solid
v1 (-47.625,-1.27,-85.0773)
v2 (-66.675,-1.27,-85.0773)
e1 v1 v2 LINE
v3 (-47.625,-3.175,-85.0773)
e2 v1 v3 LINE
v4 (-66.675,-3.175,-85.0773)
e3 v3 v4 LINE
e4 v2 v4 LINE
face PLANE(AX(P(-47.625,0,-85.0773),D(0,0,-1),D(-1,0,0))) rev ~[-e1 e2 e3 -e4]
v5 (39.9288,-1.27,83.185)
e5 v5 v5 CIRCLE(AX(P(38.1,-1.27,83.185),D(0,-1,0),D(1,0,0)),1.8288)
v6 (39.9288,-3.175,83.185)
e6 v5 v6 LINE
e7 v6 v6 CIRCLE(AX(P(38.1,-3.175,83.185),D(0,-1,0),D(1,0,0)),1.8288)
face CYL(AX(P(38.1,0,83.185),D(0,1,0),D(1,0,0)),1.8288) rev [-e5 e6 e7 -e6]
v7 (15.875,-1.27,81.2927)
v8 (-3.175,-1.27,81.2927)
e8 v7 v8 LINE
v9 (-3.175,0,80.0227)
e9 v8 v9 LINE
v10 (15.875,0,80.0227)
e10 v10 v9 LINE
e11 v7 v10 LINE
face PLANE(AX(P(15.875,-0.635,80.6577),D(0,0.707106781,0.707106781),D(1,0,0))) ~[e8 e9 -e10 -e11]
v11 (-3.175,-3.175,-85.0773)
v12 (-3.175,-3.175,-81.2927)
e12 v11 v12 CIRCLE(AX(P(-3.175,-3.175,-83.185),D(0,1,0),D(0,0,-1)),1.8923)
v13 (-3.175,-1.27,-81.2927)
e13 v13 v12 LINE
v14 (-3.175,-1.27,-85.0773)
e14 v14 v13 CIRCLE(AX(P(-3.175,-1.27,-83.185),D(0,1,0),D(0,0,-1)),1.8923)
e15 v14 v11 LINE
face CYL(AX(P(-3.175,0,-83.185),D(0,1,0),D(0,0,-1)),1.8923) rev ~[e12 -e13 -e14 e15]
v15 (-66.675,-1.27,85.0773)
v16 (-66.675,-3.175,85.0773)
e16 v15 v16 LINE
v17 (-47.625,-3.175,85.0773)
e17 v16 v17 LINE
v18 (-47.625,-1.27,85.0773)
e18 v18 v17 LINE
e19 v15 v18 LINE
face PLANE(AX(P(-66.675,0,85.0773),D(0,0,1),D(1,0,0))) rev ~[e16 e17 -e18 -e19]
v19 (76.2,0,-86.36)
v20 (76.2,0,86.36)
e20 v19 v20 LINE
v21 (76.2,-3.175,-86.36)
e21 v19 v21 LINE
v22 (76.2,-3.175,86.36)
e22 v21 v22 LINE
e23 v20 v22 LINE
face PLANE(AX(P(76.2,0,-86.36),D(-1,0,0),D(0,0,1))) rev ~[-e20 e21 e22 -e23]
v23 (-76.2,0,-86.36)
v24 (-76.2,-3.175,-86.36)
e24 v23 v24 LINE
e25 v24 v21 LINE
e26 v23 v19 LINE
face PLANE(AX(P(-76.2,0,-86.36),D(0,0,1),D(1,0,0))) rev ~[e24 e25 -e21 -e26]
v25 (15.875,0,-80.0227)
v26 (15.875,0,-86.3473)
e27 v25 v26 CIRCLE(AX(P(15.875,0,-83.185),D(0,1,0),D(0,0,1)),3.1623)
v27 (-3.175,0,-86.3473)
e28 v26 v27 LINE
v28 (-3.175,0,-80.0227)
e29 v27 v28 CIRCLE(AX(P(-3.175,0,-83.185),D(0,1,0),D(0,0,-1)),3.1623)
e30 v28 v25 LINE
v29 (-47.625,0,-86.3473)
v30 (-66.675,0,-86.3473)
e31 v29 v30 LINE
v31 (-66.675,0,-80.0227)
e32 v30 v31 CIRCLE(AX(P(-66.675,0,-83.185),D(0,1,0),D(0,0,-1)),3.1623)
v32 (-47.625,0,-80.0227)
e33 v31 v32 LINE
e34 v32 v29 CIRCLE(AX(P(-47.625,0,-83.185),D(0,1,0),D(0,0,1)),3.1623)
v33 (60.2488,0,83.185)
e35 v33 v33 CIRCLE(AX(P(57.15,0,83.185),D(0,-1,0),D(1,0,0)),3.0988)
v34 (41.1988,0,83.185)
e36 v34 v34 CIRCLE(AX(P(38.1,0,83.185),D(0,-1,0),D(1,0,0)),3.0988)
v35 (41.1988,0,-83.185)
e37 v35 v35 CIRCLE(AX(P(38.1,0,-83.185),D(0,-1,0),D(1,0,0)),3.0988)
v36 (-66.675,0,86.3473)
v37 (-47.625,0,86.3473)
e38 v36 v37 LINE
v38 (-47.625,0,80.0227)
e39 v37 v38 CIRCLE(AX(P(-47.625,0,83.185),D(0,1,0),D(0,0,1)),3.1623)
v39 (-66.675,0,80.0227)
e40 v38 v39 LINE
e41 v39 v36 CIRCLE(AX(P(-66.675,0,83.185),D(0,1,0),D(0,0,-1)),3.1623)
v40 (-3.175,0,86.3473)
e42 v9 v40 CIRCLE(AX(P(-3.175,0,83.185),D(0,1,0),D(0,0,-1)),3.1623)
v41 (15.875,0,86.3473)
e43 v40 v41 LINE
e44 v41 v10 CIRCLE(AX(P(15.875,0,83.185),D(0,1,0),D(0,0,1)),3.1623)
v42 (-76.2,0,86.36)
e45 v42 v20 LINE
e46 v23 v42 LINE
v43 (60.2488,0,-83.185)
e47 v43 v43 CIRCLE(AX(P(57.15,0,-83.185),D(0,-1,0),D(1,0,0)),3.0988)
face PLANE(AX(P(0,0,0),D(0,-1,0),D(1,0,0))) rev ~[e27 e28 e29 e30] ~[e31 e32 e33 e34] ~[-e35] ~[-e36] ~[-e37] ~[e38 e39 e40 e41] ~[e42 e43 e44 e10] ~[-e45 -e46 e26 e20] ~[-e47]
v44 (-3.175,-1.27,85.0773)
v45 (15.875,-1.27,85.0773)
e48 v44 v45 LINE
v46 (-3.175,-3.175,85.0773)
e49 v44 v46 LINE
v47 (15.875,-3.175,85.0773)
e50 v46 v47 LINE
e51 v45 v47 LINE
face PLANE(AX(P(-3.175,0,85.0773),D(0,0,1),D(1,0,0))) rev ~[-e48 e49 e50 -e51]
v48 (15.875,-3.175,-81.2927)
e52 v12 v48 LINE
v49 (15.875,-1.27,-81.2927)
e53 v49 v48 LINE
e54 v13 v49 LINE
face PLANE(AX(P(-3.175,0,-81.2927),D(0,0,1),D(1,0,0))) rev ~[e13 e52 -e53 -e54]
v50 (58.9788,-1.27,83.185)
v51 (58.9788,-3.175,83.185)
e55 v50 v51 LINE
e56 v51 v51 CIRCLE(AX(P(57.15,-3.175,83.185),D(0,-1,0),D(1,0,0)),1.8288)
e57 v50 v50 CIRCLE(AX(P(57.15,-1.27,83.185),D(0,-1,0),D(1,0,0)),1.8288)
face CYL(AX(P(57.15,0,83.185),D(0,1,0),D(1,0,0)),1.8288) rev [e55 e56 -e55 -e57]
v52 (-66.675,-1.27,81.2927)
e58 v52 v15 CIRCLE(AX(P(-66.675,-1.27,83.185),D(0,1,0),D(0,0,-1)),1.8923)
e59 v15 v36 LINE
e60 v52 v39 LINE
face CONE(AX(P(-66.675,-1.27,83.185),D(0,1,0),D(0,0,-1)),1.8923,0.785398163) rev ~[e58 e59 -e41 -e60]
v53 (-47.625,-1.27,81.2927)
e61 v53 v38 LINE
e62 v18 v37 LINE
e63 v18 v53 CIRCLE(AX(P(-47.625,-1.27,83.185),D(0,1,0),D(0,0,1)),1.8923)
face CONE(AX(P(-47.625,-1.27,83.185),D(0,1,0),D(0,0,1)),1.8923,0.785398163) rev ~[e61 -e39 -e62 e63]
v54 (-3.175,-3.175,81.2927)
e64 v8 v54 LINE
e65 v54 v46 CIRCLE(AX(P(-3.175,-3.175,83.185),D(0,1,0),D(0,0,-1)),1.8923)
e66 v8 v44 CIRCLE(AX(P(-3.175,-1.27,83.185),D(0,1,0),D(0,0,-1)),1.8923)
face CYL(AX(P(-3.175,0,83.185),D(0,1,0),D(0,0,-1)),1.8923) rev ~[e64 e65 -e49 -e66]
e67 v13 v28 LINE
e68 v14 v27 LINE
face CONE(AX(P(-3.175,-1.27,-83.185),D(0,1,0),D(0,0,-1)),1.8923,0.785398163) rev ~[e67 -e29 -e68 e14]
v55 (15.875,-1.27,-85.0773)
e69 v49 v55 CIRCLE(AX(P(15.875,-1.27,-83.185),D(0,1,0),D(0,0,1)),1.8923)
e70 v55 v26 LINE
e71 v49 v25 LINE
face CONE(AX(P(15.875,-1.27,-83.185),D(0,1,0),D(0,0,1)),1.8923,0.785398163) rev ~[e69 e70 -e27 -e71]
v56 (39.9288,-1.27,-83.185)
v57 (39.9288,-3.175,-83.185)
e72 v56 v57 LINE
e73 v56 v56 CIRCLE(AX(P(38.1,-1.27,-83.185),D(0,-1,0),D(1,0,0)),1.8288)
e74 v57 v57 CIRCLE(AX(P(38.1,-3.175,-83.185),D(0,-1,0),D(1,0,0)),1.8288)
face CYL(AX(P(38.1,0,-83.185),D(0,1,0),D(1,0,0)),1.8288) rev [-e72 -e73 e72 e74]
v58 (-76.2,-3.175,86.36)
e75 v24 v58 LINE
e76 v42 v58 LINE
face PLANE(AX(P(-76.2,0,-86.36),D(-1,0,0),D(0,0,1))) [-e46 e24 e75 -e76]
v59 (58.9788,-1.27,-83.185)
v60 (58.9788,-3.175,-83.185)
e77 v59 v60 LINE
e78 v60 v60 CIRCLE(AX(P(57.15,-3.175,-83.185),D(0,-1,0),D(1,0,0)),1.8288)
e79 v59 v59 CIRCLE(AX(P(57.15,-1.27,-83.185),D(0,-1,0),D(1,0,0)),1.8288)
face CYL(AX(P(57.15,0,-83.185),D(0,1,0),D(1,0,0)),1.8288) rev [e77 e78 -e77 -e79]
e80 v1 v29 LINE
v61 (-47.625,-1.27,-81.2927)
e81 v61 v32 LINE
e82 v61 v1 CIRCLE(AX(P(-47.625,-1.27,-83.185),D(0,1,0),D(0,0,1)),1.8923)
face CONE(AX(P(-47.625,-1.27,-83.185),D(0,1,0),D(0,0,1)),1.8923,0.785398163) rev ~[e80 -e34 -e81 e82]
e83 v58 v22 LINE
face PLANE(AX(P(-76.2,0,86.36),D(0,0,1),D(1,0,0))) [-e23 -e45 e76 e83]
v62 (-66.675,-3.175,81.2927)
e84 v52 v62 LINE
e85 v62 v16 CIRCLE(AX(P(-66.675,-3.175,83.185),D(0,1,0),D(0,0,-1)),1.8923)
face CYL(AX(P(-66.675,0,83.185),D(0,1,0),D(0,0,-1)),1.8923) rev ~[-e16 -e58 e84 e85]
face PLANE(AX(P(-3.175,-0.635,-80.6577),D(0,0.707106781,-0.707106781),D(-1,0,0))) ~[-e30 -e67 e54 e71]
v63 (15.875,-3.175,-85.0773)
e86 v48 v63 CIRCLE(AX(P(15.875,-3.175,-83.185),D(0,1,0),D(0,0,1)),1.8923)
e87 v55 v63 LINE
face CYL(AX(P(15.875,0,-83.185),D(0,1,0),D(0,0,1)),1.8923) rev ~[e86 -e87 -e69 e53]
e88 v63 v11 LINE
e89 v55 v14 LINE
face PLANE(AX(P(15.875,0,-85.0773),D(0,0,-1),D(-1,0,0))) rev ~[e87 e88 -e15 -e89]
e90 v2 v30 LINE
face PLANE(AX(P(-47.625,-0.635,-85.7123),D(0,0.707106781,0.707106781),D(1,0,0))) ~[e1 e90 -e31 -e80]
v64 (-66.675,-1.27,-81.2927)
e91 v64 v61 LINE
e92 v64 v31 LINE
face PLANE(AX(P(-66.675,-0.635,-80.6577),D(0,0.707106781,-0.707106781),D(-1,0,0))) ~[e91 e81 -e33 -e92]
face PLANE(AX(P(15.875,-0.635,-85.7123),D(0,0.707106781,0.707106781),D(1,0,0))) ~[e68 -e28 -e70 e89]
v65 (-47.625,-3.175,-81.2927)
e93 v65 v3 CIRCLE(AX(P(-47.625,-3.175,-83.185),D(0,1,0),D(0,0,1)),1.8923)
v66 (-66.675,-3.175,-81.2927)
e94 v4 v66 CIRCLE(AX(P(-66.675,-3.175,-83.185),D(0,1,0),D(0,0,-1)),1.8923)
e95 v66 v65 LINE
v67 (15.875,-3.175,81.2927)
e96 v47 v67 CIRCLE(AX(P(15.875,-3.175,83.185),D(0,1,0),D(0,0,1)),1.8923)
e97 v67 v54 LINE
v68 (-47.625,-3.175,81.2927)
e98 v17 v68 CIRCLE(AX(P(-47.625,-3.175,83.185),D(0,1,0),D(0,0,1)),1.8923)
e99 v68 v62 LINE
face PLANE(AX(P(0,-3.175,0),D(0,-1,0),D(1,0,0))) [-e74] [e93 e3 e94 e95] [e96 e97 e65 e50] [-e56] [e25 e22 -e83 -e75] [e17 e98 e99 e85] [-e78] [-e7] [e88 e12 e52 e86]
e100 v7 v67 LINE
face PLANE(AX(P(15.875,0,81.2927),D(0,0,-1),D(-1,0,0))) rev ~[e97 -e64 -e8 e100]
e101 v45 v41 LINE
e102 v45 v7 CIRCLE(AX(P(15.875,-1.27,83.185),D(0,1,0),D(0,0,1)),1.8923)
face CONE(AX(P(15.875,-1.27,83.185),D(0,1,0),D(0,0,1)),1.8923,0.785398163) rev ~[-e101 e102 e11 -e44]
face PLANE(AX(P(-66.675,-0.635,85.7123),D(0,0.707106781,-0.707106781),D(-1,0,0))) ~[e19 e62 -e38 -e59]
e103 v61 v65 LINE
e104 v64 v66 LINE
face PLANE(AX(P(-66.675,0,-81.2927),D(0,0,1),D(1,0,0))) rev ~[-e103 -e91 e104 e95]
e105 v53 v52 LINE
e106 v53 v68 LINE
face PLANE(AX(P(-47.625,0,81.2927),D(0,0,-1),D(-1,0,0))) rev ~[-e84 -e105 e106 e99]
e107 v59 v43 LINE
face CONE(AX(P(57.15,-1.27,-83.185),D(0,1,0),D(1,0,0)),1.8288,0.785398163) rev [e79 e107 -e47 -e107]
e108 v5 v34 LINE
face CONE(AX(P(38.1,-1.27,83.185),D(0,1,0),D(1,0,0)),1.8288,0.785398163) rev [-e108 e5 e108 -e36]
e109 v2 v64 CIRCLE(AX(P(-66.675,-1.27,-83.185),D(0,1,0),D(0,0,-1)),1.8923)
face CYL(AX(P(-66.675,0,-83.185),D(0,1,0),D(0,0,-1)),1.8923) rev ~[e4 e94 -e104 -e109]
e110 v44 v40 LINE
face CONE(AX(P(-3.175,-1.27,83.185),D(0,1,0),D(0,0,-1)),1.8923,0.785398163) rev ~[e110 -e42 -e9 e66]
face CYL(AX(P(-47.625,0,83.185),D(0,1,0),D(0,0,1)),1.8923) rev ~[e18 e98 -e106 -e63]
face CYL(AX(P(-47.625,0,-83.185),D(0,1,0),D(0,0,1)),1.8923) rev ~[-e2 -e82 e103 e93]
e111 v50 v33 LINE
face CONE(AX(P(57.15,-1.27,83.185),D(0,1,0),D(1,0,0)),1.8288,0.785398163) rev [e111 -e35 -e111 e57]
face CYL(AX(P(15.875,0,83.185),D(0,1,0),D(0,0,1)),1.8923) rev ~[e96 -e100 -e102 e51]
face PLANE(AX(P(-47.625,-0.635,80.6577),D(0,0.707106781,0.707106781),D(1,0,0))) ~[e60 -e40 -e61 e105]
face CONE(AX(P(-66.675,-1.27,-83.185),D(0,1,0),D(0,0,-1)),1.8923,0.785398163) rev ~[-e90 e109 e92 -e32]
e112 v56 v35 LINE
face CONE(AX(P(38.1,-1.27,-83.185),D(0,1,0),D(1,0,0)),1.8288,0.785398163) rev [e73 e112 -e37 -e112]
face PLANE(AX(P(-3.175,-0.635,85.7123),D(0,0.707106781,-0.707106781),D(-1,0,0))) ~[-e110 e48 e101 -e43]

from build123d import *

# Parameters (mm, degrees)
F0_W     = 152.4
F0_H     = 172.72
F0_R     = 1.8288
F1_DEPTH = 3.175
F2_SIZE  = 1.27


with BuildPart() as f1:
    # F0 (on Front) → F1 (new body)
    with BuildSketch(Plane.XZ):
        Rectangle(F0_W, F0_H)
        with BuildLine():
            ThreePointArc((-66.675, -85.0773), (-68.5673, -83.185), (-66.675, -81.2927))
            Line((-66.675, -81.2927), (-47.625, -81.2927))
            ThreePointArc((-47.625, -81.2927), (-45.7327, -83.185), (-47.625, -85.0773))
            Line((-47.625, -85.0773), (-66.675, -85.0773))
        make_face(mode=Mode.SUBTRACT)
        with BuildLine():
            Line((15.875, -85.0773), (-3.175, -85.0773))
            ThreePointArc((-3.175, -85.0773), (-5.0673, -83.185), (-3.175, -81.2927))
            Line((-3.175, -81.2927), (15.875, -81.2927))
            ThreePointArc((15.875, -81.2927), (17.7673, -83.185), (15.875, -85.0773))
        make_face(mode=Mode.SUBTRACT)
        with Locations((38.1, -83.185)):
            Circle(F0_R, mode=Mode.SUBTRACT)
        with Locations((57.15, -83.185)):
            Circle(F0_R, mode=Mode.SUBTRACT)
        with BuildLine():
            Line((-66.675, 85.0773), (-47.625, 85.0773))
            ThreePointArc((-47.625, 85.0773), (-45.7327, 83.185), (-47.625, 81.2927))
            Line((-47.625, 81.2927), (-66.675, 81.2927))
            ThreePointArc((-66.675, 81.2927), (-68.5673, 83.185), (-66.675, 85.0773))
        make_face(mode=Mode.SUBTRACT)
        with BuildLine():
            ThreePointArc((-3.175, 81.2927), (-5.0673, 83.185), (-3.175, 85.0773))
            Line((-3.175, 85.0773), (15.875, 85.0773))
            ThreePointArc((15.875, 85.0773), (17.7673, 83.185), (15.875, 81.2927))
            Line((15.875, 81.2927), (-3.175, 81.2927))
        make_face(mode=Mode.SUBTRACT)
        with Locations((38.1, 83.185)):
            Circle(F0_R, mode=Mode.SUBTRACT)
        with Locations((57.15, 83.185)):
            Circle(F0_R, mode=Mode.SUBTRACT)
    extrude(amount=F1_DEPTH)

    # F2
    f2_edges = [f1.edges().sort_by_distance(p)[0] for p in [
        (55.3212, 0, 83.185),
        (36.2712, 0, 83.185),
        (17.7673, 0, 83.185),
        (6.35, 0, 85.0773),
        (-5.0673, 0, 83.185),
        (6.35, 0, 81.2927),
        (-45.7327, 0, 83.185),
        (-57.15, 0, 85.0773),
        (-57.15, 0, 81.2927),
        (-68.5673, 0, 83.185),
        (-57.15, 0, -81.2927),
        (-45.7327, 0, -83.185),
        (-57.15, 0, -85.0773),
        (-68.5673, 0, -83.185),
        (-5.0673, 0, -83.185),
        (6.35, 0, -81.2927),
        (17.7673, 0, -83.185),
        (6.35, 0, -85.0773),
        (36.2712, 0, -83.185),
        (55.3212, 0, -83.185),
    ]]
    chamfer(f2_edges, length=F2_SIZE)


solid = f1.part
